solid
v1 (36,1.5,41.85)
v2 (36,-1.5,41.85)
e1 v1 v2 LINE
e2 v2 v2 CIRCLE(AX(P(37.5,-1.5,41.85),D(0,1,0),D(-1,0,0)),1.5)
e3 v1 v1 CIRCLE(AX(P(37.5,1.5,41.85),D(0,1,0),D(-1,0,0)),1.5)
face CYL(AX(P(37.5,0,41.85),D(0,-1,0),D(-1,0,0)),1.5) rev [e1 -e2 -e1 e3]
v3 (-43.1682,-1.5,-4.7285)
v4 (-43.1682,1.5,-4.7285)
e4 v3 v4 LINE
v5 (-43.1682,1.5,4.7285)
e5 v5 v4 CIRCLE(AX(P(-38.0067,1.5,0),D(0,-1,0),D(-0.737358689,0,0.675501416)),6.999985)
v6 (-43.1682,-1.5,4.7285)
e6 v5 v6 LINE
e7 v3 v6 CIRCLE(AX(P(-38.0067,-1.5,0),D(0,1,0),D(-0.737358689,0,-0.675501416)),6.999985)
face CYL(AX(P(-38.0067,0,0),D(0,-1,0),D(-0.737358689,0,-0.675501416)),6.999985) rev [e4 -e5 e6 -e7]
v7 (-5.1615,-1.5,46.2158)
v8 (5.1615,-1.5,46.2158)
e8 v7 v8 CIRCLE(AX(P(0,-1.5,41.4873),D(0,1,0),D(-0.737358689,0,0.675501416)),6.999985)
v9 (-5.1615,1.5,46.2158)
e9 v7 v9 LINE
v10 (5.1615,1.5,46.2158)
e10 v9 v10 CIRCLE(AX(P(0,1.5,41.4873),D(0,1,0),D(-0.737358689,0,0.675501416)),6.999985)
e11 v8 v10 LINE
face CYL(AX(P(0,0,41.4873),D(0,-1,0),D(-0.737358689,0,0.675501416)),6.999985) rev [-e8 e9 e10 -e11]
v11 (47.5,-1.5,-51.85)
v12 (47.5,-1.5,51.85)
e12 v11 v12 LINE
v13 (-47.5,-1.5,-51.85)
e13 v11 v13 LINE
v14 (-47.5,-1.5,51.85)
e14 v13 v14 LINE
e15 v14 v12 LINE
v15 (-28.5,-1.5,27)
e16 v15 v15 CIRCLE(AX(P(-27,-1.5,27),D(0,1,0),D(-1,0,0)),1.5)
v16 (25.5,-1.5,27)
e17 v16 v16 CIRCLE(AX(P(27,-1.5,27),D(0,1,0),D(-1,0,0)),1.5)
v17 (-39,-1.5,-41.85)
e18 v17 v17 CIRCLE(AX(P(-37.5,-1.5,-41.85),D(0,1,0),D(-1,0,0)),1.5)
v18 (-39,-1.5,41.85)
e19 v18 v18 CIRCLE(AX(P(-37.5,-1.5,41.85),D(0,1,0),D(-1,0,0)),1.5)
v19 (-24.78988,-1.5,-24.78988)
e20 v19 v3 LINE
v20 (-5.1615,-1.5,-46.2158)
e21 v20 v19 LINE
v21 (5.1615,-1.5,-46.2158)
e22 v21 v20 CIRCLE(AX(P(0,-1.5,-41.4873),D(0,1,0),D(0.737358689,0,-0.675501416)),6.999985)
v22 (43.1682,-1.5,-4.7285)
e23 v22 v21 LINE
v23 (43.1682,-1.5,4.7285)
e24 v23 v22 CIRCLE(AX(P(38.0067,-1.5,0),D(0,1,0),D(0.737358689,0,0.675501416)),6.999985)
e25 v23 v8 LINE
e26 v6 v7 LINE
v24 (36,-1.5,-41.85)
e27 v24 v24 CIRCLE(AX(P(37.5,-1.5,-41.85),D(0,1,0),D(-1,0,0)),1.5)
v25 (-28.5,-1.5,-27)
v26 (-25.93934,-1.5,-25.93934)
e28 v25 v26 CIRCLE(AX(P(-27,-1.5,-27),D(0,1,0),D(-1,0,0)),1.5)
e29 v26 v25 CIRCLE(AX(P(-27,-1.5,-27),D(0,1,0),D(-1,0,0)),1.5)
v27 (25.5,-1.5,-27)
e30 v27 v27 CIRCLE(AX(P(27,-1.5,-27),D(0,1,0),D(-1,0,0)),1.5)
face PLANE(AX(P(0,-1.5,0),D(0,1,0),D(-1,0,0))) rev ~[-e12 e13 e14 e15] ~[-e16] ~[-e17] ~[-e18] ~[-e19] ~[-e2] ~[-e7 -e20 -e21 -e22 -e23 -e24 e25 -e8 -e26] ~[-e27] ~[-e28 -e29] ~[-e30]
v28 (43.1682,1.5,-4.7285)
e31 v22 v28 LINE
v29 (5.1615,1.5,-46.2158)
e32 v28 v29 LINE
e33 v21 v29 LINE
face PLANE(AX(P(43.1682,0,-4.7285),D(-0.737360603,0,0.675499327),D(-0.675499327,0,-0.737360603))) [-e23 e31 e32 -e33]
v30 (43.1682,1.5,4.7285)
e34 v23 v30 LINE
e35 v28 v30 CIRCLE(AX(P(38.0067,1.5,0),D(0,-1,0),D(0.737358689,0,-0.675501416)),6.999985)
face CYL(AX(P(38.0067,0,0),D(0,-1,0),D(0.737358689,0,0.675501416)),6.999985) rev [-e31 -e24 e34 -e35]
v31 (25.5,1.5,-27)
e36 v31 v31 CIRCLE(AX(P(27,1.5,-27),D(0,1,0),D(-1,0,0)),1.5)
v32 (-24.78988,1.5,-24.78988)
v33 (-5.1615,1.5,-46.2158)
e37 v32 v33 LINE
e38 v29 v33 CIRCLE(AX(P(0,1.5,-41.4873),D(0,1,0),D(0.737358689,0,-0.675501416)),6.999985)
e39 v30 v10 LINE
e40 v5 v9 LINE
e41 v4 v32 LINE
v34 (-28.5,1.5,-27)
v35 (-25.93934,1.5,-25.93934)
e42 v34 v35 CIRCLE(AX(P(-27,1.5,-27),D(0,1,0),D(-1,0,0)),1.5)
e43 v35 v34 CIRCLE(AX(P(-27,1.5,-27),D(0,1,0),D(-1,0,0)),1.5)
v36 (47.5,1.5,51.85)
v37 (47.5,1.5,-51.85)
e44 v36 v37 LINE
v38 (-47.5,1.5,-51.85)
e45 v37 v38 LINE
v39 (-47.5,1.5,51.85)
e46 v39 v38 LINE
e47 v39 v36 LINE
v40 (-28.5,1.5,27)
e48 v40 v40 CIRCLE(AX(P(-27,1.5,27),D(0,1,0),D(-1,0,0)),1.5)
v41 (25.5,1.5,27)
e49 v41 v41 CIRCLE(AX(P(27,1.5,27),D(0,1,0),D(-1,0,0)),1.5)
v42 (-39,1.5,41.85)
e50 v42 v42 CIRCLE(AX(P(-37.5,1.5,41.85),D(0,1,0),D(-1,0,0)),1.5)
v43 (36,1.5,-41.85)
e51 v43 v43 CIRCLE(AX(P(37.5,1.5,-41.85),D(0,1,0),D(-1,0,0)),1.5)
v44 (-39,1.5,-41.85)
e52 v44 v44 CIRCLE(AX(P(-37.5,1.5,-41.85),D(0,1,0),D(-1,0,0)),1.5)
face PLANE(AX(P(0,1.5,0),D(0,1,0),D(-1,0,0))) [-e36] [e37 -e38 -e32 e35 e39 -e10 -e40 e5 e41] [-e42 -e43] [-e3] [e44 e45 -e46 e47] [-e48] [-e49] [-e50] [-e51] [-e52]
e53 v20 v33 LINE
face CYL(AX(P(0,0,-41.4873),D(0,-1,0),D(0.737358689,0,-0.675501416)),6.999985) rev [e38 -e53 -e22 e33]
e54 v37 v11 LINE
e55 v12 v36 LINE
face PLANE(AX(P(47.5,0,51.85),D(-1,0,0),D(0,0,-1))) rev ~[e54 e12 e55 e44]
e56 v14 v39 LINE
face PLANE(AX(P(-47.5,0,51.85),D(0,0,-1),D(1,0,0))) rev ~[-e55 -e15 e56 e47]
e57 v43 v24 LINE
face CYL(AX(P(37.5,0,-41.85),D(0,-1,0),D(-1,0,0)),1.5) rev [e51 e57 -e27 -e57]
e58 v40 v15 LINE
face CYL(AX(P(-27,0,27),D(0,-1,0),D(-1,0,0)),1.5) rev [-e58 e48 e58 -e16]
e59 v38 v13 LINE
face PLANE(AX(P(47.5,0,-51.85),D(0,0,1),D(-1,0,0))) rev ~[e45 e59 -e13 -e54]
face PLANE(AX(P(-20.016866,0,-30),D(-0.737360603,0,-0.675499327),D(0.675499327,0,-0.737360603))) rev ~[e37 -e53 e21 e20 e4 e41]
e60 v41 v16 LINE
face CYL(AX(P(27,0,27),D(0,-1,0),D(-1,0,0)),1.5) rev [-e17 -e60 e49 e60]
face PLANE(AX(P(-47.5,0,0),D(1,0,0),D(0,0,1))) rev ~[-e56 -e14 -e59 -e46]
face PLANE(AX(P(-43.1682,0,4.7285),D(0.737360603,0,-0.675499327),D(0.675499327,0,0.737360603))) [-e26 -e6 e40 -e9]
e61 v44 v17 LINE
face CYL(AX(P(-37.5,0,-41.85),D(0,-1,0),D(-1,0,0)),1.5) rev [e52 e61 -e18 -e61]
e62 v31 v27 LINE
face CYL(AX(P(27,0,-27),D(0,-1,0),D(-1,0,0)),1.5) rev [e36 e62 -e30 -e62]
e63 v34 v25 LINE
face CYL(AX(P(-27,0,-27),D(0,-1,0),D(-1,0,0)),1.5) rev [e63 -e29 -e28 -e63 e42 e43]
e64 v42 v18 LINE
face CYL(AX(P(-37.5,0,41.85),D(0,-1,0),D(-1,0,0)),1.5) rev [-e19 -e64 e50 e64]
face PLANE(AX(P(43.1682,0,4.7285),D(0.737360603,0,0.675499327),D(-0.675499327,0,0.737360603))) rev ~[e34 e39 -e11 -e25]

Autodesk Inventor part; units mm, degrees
ref_plane "YZ Plane" through (0, 0, 0) normal (1, 0, 0) x (0, 1, 0)
ref_plane "XZ Plane" through (0, 0, 0) normal (0, 1, 0) x (-1, 0, 0)
ref_plane "XY Plane" through (0, 0, 0) normal (0, 0, 1) x (1, 0, 0)
sketch "草圖1" plane through (0, 0, 0) normal (0, 1, 0) x (-1, 0, 0)
  line L0 (47.5, 51.85) -> (-47.5, 51.85)
  line L1 (-47.5, 51.85) -> (-47.5, -51.85)
  line L2 (-47.5, -51.85) -> (47.5, -51.85)
  line L3 (47.5, -51.85) -> (47.5, 51.85)
  line L4 (43.1682, 4.7285) -> (5.1615, 46.2158)
  line L5 (-43.1682, 4.7285) -> (-5.1615, 46.2158)
  line L6 (43.1682, -4.7285) -> (5.1615, -46.2158)
  line L7 (-43.1682, -4.7285) -> (-5.1615, -46.2158)
  arc A0 (43.1682, -4.7285) -> (43.1682, 4.7285) centre (38.0067, 0) ccw
  arc A1 (-5.1615, -46.2158) -> (5.1615, -46.2158) centre (0, -41.4873) ccw
  arc A2 (-43.1682, 4.7285) -> (-43.1682, -4.7285) centre (-38.0067, 0) ccw
  arc A3 (5.1615, 46.2158) -> (-5.1615, 46.2158) centre (0, 41.4873) ccw
  line L8 (47.5, -51.85) -> (47.5, -41.85)
  circle A4 centre (37.5, -41.85) radius 1.5
  circle A5 centre (27, -27) radius 1.5
  circle A6 centre (-27, 27) radius 1.5
  circle A7 centre (-37.5, 41.85) radius 1.5
  line L9 (66.5, 0) -> (-66.5, 0) projected
  circle A8 centre (37.5, 41.85) radius 1.5
  circle A9 centre (27, 27) radius 1.5
  circle A10 centre (-27, -27) radius 1.5
  circle A11 centre (-37.5, -41.85) radius 1.5
  line L10 (27, -27) -> (0, 0)
  line L11 (0, 0) -> (30, 0)
  line L12 (30, 0) -> (30, -30)
  line L13 (30, -30) -> (0, -30)
  line L14 (0, -30) -> (0, 0)
  point P0 (47.5, 0)
  point P1 (0, 51.85)
  point P2 (-47.5, 0)
  point P3 (0, -51.85)
  dimension "d88" = 103.7
  dimension "d89" = 95
  dimension "d90" = 47.5
  dimension "d91" = 51.85
  dimension "d92" = 7
  dimension "d95" = 3
  dimension "d98" = 3
  dimension "d101" = 360
  dimension "d103" = 30
  dimension "d104" = 30
  dimension "d105" = 3
  dimension "d106" = 3
extrude "擠出2" add sketch "草圖1" along normal mid plane 3 contours L3 L9 A0 L4 A3 L5 A2 L1 L0 | L3 L2 L1 L9 A2 L7 A1 L6 L13 L12 A0 | L12 L13 L6
properties part number "板子3"
